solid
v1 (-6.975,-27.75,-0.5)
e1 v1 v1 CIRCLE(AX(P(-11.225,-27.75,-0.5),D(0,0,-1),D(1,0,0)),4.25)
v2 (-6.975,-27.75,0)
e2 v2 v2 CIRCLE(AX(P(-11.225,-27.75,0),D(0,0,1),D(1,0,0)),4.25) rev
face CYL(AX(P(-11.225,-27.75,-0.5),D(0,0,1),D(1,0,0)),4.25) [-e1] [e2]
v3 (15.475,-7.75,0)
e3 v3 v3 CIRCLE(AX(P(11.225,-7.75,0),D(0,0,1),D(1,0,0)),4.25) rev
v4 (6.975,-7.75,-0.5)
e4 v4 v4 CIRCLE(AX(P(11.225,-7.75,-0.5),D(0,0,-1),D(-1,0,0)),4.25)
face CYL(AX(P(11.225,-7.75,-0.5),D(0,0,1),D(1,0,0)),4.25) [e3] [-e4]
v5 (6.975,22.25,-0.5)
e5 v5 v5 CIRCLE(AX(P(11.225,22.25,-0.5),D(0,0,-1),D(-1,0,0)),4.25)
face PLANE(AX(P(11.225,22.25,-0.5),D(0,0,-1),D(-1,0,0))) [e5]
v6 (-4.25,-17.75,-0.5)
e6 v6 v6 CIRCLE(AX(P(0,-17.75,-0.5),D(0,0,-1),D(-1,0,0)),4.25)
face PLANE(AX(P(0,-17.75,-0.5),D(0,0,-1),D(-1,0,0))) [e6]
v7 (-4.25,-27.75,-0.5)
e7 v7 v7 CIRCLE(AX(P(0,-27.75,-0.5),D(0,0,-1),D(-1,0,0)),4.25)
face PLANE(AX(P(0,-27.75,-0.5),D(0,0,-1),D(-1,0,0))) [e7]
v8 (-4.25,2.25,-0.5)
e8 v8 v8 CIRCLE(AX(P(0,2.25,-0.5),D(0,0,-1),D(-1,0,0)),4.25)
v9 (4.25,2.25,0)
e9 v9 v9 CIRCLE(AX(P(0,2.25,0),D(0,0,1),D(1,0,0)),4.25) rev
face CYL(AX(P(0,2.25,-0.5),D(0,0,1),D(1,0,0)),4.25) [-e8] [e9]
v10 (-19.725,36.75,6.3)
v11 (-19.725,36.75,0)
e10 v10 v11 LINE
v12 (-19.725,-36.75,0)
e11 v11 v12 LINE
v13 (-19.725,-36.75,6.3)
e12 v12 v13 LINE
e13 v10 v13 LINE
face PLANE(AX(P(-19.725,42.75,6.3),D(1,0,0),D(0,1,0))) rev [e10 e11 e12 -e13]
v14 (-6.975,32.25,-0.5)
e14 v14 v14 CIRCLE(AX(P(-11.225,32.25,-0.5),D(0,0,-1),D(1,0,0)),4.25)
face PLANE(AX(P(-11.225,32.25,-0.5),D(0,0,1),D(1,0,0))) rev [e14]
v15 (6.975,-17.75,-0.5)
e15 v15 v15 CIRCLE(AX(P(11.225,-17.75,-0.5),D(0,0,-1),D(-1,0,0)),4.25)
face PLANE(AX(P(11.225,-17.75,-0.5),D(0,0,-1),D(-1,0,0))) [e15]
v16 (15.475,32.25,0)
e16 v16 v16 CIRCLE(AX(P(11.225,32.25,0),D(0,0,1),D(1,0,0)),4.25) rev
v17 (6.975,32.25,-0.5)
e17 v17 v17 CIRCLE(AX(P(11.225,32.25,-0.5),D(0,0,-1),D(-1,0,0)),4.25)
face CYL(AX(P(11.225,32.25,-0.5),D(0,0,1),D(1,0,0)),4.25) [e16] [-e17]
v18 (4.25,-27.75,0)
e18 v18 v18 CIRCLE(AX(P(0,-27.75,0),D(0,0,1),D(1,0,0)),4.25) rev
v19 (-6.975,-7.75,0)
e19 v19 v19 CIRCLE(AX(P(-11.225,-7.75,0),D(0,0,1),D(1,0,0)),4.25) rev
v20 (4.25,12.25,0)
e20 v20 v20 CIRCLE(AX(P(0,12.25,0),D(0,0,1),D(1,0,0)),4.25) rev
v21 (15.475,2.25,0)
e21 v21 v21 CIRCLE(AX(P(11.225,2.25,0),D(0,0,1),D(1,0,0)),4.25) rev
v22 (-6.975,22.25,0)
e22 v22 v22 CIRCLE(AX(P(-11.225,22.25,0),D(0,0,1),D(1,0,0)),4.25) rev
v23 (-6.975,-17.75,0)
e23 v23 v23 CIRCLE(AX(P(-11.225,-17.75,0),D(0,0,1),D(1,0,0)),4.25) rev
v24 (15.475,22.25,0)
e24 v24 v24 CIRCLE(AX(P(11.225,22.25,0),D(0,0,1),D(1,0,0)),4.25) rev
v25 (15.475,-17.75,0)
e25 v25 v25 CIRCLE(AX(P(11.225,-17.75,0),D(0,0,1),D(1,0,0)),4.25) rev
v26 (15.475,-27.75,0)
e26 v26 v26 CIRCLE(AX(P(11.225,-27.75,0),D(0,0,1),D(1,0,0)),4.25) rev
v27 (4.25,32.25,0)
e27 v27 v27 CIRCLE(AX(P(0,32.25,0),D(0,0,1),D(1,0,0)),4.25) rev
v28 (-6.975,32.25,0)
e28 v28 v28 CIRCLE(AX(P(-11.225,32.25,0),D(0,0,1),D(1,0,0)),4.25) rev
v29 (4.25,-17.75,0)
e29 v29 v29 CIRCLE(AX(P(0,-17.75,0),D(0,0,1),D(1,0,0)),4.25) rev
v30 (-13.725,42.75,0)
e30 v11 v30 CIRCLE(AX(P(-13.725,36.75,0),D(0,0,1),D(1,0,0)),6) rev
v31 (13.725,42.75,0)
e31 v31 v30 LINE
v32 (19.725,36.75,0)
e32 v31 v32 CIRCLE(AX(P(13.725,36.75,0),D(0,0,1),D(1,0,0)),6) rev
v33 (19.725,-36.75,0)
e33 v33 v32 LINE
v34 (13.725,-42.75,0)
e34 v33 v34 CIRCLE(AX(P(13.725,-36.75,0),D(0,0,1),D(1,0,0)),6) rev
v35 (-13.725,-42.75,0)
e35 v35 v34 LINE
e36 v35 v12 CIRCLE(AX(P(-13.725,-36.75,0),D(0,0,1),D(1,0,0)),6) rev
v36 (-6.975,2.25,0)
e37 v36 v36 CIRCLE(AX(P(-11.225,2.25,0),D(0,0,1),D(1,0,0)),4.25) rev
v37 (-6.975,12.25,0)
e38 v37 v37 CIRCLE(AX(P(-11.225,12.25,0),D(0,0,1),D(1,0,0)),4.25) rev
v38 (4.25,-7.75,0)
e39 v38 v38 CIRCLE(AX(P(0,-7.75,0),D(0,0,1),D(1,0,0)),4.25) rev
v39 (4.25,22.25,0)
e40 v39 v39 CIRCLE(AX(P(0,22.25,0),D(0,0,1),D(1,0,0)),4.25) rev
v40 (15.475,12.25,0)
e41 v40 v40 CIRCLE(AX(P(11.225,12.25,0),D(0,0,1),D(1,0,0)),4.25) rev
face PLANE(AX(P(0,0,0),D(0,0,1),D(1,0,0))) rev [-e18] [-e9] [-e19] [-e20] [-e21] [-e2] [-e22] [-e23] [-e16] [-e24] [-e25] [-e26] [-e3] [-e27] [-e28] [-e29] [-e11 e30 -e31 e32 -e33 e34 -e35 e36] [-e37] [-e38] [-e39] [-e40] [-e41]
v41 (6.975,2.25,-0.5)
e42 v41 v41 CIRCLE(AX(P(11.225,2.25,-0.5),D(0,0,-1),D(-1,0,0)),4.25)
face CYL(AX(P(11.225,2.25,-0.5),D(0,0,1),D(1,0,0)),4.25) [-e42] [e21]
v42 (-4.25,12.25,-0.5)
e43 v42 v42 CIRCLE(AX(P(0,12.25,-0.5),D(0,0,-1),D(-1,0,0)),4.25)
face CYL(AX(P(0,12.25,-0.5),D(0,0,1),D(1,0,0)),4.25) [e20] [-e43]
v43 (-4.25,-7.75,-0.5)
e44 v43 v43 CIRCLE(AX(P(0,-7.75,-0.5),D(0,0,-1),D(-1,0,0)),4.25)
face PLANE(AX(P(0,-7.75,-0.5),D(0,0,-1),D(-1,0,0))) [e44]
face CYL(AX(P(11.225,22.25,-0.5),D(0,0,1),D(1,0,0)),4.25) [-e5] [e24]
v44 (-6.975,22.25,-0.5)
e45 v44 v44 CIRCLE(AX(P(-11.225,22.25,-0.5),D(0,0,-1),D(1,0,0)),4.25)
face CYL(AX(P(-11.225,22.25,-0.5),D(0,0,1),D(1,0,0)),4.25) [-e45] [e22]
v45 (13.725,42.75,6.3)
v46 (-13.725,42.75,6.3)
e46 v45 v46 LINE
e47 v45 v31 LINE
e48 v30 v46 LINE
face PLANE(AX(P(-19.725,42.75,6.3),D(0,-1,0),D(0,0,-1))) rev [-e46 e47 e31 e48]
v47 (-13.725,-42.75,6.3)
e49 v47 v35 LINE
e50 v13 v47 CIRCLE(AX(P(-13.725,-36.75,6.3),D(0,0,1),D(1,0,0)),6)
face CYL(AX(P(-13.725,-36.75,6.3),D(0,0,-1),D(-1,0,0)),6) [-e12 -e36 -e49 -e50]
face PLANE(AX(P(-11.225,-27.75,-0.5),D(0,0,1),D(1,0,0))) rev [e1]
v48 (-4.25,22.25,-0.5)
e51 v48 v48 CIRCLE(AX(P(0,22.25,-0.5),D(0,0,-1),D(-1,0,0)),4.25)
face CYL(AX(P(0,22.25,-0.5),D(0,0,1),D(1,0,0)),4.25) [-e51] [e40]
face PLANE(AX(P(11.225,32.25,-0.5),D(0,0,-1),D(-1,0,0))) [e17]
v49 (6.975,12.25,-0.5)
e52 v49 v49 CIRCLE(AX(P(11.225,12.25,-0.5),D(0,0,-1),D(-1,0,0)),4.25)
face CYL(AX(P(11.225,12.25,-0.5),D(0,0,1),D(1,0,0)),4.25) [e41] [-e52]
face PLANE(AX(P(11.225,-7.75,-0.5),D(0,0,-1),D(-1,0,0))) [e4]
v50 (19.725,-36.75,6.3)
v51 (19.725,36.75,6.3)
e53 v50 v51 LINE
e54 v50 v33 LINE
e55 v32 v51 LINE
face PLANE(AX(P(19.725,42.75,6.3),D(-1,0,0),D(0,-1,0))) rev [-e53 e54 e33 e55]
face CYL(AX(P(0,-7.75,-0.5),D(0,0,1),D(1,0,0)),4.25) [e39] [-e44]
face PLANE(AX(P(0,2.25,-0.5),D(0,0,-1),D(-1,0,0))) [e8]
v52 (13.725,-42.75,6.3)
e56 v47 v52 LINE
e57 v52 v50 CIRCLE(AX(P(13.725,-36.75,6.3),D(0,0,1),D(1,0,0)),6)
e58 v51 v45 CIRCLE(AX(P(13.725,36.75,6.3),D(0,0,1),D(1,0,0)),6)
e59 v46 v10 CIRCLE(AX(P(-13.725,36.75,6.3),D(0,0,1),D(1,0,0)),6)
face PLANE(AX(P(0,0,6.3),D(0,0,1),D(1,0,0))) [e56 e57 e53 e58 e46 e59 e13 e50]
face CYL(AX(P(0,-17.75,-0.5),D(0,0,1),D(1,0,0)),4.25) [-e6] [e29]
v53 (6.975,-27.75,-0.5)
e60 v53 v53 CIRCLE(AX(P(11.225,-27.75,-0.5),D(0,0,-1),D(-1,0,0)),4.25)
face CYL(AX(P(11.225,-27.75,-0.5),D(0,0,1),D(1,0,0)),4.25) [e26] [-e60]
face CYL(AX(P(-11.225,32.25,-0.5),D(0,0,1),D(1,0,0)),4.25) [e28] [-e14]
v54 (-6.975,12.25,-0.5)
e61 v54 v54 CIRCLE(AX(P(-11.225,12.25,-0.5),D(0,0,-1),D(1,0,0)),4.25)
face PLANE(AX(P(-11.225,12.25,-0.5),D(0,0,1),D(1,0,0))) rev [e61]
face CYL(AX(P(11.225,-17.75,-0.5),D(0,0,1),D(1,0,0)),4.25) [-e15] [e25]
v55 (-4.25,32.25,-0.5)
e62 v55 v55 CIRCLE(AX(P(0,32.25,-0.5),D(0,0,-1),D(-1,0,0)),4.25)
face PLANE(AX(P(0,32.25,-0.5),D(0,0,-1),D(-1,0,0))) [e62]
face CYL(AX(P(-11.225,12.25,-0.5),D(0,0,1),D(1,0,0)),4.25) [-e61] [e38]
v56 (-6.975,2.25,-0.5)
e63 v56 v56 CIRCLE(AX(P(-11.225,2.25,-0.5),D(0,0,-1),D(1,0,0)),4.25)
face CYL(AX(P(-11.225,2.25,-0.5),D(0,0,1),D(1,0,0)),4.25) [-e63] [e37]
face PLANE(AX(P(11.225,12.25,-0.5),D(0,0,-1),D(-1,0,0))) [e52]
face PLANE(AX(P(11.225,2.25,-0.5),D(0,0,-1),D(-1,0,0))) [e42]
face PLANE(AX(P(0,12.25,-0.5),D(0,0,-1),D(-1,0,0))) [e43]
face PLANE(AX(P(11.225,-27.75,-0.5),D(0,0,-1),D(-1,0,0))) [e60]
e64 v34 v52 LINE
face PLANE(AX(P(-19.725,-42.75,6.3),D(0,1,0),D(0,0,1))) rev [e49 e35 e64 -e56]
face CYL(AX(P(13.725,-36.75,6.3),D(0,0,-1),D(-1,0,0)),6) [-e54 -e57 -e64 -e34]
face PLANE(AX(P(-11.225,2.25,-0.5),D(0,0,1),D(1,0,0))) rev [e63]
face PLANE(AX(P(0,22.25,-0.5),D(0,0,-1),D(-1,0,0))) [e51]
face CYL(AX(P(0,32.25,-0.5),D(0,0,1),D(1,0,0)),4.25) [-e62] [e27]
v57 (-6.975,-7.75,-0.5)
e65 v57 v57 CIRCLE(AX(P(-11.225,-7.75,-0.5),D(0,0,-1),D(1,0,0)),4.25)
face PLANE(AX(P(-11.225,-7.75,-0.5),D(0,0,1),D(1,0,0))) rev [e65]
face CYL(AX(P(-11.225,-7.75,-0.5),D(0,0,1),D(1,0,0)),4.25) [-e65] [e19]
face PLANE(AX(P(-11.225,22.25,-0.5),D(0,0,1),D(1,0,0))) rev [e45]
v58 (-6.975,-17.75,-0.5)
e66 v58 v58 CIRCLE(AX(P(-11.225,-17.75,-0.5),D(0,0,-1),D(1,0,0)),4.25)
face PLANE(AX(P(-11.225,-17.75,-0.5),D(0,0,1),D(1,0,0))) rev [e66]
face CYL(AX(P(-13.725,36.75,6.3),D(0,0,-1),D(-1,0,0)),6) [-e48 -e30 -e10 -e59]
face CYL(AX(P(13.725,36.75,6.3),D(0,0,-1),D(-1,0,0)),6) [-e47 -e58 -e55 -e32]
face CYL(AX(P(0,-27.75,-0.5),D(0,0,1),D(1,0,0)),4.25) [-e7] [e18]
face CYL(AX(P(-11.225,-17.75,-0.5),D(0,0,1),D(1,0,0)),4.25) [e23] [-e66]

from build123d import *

# Parameters (mm, degrees)
SKETCH_1_W      = 39.45
SKETCH_1_H      = 85.5
EXTRUDE_1_DEPTH = 6.3
FILLET_1_R      = 6
SKETCH_2_R      = 4.25
EXTRUDE_2_DEPTH = 0.5


with BuildPart() as part:
    # 스케치1 → 보스-돌출1 (new body)
    with BuildSketch(Plane.XY):
        Rectangle(SKETCH_1_W, SKETCH_1_H)
    extrude(amount=EXTRUDE_1_DEPTH)

    # 필렛1
    fillet_1_edges = [part.edges().sort_by_distance(p)[0] for p in [
        (19.725, -42.75, 3.15),
        (-19.725, -42.75, 3.15),
        (-19.725, 42.75, 3.15),
        (19.725, 42.75, 3.15),
    ]]
    fillet(fillet_1_edges, radius=FILLET_1_R)

    # 스케치2 → 보스-돌출2 (add)
    with BuildSketch(Plane(origin=(0, 0, 0), x_dir=(-1, 0, 0), z_dir=(0, 0, -1))):
        with Locations(Location((-11.225, 32.25, 0), (0, 0, 180))):
            Circle(SKETCH_2_R)
        with Locations(Location((11.225, 32.25, 0), (0, 0, 180))):
            Circle(SKETCH_2_R)
        with Locations(Location((0, 32.25, 0), (0, 0, 180))):
            Circle(SKETCH_2_R)
        with Locations(Location((-11.225, 22.25, 0), (0, 0, 180))):
            Circle(SKETCH_2_R)
        with Locations(Location((0, 22.25, 0), (0, 0, 180))):
            Circle(SKETCH_2_R)
        with Locations(Location((11.225, 22.25, 0), (0, 0, 180))):
            Circle(SKETCH_2_R)
        with Locations(Location((-11.225, 12.25, 0), (0, 0, 180))):
            Circle(SKETCH_2_R)
        with Locations(Location((0, 12.25, 0), (0, 0, 180))):
            Circle(SKETCH_2_R)
        with Locations(Location((11.225, 12.25, 0), (0, 0, 180))):
            Circle(SKETCH_2_R)
        with Locations(Location((-11.225, 2.25, 0), (0, 0, 180))):
            Circle(SKETCH_2_R)
        with Locations(Location((0, 2.25, 0), (0, 0, 180))):
            Circle(SKETCH_2_R)
        with Locations(Location((11.225, 2.25, 0), (0, 0, 180))):
            Circle(SKETCH_2_R)
        with Locations(Location((-11.225, -7.75, 0), (0, 0, 180))):
            Circle(SKETCH_2_R)
        with Locations(Location((0, -7.75, 0), (0, 0, 180))):
            Circle(SKETCH_2_R)
        with Locations(Location((11.225, -7.75, 0), (0, 0, 180))):
            Circle(SKETCH_2_R)
        with Locations(Location((-11.225, -17.75, 0), (0, 0, 180))):
            Circle(SKETCH_2_R)
        with Locations(Location((0, -17.75, 0), (0, 0, 180))):
            Circle(SKETCH_2_R)
        with Locations(Location((11.225, -17.75, 0), (0, 0, 180))):
            Circle(SKETCH_2_R)
        with Locations(Location((-11.225, -27.75, 0), (0, 0, 180))):
            Circle(SKETCH_2_R)
        with Locations(Location((0, -27.75, 0), (0, 0, 180))):
            Circle(SKETCH_2_R)
        with Locations(Location((11.225, -27.75, 0), (0, 0, 180))):
            Circle(SKETCH_2_R)
    extrude(amount=EXTRUDE_2_DEPTH)


solid = part.part
